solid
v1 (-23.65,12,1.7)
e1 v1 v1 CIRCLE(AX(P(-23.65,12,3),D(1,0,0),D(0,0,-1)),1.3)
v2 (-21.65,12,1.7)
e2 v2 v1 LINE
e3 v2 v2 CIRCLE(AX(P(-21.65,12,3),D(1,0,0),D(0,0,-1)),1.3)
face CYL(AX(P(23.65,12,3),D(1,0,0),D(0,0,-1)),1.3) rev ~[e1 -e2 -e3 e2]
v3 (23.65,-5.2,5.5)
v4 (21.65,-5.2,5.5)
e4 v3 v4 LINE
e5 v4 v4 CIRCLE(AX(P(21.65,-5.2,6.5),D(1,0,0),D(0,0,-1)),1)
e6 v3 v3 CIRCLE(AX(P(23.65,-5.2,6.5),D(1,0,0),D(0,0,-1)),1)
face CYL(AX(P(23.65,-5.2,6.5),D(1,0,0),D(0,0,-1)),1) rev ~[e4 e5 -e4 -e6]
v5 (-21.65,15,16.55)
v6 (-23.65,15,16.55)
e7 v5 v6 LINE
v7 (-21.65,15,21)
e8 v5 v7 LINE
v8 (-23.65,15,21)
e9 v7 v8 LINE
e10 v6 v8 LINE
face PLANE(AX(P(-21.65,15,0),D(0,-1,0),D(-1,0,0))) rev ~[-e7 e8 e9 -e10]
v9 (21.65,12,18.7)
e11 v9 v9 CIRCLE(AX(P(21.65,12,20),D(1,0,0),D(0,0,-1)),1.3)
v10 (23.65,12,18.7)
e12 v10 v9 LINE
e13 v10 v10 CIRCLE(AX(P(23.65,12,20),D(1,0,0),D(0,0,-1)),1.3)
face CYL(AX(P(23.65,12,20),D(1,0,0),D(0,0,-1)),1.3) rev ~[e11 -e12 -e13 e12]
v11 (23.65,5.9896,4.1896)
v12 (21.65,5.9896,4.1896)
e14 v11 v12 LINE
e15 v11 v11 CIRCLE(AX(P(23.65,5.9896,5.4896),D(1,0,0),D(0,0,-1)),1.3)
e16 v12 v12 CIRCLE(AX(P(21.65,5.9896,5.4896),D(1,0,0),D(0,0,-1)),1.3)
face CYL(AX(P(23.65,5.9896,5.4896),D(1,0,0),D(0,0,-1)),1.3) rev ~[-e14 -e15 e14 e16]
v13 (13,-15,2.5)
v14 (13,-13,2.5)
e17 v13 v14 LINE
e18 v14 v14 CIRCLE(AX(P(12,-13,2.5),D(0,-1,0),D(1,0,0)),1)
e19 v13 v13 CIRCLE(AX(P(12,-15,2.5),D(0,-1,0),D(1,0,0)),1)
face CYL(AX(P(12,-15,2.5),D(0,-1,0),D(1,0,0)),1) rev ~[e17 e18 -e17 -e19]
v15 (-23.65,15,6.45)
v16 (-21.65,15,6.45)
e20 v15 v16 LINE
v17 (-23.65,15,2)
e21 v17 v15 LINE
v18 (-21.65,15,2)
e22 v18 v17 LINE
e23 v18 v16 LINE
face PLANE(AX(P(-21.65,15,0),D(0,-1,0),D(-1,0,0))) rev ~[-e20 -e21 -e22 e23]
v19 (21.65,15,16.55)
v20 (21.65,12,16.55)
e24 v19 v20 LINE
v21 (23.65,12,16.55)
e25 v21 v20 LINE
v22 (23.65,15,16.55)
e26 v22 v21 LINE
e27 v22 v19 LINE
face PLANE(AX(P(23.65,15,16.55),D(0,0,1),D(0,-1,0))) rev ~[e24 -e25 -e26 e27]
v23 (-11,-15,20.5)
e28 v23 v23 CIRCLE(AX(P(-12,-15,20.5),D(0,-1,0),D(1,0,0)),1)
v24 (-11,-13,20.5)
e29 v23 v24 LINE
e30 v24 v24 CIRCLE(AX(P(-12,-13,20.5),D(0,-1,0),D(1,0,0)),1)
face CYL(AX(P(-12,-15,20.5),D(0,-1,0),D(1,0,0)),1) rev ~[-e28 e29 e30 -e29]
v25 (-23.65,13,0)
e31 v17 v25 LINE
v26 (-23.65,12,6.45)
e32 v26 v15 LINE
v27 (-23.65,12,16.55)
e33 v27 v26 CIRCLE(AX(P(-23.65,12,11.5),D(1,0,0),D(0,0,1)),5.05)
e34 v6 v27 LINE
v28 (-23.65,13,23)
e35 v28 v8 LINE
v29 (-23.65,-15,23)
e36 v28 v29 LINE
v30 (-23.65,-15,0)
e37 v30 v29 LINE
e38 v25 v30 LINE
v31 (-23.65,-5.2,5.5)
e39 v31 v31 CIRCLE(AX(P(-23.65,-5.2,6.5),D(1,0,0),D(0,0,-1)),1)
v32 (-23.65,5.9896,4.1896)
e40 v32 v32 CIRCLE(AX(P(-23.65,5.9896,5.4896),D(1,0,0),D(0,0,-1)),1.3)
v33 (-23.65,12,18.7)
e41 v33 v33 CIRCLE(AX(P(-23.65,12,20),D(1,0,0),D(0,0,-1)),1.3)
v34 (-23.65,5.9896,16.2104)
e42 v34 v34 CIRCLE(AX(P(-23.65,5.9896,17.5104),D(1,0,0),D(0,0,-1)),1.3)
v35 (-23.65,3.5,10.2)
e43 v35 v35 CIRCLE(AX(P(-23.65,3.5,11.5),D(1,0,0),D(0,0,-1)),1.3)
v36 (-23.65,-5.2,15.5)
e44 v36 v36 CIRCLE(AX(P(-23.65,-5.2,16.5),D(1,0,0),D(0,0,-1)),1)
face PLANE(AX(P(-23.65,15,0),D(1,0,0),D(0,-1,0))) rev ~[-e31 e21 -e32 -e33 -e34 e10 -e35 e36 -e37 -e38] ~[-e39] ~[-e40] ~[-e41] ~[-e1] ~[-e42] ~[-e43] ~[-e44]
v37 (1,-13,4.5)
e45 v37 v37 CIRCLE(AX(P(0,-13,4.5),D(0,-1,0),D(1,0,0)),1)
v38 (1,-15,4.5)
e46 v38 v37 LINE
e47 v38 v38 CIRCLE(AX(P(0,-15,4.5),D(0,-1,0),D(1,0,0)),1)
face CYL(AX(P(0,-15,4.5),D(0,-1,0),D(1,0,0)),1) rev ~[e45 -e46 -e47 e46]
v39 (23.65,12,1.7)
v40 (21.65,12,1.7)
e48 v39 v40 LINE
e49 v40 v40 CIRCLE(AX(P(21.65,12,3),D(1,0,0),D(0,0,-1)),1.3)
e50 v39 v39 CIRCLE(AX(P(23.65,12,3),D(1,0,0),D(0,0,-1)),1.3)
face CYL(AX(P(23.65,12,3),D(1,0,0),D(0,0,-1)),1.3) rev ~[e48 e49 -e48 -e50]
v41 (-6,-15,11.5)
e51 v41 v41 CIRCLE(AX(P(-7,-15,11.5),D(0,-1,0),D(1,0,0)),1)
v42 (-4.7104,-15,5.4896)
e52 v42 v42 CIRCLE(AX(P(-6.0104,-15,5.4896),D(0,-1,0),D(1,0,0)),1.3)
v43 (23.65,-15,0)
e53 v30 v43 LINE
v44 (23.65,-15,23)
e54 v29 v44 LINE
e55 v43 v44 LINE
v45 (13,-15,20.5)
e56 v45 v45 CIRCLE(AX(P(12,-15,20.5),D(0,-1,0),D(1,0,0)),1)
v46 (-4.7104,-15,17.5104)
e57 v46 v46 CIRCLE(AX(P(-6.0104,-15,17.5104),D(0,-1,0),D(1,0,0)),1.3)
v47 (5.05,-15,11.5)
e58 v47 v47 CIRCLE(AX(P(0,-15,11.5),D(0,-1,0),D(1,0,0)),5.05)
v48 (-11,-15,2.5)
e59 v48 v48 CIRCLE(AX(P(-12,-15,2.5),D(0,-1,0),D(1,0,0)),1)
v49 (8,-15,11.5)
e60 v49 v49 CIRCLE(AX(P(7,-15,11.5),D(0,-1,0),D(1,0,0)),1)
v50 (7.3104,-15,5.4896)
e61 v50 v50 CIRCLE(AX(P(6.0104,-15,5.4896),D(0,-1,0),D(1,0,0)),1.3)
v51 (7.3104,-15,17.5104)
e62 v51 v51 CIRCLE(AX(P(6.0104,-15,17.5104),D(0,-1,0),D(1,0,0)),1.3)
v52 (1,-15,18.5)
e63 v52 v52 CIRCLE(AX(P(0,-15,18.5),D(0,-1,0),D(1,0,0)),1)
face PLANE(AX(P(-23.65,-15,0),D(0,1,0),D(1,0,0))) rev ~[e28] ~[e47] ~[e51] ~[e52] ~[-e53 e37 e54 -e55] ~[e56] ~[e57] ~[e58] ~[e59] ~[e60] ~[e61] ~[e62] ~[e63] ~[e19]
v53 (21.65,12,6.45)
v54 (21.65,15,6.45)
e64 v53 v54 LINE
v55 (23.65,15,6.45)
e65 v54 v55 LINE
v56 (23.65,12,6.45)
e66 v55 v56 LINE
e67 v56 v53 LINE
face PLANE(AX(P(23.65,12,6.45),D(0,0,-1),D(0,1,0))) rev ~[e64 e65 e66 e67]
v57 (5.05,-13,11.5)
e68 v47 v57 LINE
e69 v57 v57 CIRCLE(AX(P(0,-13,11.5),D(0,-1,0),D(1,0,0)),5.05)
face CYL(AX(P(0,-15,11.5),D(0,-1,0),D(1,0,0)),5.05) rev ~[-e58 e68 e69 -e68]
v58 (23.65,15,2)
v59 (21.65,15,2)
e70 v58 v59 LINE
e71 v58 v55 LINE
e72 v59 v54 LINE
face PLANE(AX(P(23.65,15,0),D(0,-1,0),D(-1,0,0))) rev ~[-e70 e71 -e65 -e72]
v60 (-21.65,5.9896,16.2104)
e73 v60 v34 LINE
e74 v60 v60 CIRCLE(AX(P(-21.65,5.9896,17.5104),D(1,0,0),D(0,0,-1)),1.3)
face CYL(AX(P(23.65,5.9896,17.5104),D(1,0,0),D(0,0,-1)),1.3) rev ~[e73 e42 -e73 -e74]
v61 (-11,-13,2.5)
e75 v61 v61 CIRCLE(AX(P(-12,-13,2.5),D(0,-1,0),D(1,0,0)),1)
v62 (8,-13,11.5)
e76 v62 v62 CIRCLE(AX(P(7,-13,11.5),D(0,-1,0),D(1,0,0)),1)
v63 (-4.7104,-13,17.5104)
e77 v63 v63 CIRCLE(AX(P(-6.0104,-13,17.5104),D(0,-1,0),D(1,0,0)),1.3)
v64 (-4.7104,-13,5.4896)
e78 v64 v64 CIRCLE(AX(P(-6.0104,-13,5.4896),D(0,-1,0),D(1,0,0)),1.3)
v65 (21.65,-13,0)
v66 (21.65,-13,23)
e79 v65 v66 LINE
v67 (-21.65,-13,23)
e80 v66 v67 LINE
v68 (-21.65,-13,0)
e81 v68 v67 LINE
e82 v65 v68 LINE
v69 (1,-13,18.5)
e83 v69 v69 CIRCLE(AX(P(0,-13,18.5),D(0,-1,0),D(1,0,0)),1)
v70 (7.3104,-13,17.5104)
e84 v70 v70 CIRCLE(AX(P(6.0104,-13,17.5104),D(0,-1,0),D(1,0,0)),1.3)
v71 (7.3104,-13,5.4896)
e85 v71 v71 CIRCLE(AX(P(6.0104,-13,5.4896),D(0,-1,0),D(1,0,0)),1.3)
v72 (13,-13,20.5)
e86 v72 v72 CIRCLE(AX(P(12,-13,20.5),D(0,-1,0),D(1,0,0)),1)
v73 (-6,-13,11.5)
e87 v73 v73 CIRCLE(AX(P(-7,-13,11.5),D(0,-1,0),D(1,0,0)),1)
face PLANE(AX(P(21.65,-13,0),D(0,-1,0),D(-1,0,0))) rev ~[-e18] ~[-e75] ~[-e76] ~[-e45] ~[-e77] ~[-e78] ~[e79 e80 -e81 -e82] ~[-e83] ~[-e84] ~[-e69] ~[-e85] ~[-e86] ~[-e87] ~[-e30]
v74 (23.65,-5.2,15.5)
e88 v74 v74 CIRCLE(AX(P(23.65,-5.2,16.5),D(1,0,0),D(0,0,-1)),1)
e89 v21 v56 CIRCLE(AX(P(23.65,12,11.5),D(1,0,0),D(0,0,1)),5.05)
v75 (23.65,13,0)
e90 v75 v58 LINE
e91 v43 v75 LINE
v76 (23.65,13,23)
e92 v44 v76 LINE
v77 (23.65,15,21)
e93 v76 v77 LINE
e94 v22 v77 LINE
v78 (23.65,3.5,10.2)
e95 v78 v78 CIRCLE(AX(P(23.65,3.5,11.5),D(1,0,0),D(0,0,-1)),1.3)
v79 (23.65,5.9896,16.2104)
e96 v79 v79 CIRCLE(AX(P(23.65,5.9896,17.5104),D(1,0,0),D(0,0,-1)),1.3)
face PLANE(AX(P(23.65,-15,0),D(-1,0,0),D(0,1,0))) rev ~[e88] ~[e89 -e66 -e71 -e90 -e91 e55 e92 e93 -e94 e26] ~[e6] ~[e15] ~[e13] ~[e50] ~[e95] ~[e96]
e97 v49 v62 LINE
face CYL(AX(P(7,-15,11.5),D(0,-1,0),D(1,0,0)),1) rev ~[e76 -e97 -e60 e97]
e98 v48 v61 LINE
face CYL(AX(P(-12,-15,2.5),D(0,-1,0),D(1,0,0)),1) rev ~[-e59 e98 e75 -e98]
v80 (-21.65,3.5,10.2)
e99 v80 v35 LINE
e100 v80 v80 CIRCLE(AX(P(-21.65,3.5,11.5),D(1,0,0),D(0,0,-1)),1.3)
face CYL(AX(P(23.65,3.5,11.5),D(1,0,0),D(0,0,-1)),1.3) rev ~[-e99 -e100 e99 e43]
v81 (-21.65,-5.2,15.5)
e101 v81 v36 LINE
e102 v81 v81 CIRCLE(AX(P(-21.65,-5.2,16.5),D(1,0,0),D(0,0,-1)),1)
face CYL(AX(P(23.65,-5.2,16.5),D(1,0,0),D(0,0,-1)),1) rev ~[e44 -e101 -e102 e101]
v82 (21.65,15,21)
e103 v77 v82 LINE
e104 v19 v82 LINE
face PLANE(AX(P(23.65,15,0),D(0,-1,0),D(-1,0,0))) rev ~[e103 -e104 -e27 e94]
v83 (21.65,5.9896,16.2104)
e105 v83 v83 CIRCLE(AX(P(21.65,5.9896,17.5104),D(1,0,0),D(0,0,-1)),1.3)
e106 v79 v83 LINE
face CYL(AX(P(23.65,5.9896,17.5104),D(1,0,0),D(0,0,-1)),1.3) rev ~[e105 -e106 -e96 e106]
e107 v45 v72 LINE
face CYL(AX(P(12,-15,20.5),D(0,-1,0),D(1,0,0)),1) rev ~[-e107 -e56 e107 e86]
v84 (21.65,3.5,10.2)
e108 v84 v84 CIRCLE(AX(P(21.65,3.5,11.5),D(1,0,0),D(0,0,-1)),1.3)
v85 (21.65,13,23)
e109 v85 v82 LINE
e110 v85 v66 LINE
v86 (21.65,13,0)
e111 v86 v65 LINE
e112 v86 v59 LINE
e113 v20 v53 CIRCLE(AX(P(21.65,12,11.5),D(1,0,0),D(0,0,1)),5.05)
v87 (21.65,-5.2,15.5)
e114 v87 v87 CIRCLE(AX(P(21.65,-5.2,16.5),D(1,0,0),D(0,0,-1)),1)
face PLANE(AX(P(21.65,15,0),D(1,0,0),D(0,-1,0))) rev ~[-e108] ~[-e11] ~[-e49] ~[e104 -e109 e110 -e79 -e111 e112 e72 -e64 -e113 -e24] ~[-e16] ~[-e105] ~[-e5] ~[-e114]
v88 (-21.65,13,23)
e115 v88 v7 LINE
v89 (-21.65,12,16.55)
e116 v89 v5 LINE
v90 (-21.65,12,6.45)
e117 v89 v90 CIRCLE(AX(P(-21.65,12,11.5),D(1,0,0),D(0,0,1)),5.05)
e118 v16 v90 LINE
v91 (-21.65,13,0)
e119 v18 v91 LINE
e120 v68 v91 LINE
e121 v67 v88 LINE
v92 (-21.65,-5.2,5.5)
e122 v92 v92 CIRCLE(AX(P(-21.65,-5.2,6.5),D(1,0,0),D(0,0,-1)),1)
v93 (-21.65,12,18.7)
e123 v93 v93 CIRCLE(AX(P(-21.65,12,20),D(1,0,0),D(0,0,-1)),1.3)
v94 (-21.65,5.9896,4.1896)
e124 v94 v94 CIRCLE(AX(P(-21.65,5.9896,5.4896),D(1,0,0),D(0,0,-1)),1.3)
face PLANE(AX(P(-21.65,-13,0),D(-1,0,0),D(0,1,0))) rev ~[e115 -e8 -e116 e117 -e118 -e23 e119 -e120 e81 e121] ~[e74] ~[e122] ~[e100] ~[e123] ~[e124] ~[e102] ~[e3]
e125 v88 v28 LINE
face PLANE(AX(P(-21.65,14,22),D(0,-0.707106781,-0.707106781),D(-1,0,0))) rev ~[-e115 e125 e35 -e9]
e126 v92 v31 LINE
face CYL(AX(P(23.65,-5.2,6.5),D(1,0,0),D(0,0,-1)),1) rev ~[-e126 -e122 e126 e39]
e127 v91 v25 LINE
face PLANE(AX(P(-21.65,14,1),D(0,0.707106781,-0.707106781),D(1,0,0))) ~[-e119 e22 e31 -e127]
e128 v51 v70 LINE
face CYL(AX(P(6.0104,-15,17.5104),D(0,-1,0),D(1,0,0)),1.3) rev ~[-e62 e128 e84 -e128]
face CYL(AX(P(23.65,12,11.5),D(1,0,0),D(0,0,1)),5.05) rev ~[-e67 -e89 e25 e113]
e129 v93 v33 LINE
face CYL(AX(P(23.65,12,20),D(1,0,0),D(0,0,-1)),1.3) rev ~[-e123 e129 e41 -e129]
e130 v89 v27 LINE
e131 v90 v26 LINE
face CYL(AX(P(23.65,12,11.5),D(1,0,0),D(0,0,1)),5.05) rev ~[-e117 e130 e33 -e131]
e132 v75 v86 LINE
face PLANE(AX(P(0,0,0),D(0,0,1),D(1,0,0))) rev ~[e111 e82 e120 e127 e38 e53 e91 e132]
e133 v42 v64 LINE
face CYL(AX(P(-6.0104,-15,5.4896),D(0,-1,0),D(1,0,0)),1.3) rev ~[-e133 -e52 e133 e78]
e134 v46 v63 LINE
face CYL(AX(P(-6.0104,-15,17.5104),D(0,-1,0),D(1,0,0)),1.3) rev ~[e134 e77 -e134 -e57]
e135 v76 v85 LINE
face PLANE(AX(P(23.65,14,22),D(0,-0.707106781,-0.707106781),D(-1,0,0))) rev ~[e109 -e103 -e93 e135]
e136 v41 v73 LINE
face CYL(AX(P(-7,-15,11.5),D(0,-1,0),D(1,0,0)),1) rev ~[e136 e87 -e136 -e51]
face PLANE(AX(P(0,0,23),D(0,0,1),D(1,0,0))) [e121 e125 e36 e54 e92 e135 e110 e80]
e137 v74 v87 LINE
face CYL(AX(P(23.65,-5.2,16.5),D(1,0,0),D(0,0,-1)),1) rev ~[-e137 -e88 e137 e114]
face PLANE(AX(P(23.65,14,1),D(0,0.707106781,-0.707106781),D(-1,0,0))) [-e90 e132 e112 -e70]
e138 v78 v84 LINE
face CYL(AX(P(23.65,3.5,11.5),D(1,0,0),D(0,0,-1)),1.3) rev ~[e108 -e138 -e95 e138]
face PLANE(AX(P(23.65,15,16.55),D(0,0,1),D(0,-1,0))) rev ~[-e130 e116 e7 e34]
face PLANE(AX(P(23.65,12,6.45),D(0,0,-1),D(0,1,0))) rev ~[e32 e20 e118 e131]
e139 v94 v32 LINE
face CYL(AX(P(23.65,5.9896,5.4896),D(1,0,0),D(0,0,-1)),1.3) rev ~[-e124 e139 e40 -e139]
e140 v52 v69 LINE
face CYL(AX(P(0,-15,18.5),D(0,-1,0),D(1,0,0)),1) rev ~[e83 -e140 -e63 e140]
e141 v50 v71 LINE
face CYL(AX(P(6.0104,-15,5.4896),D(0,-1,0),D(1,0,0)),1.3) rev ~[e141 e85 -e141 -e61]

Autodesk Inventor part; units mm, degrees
ref_plane "YZ Plane" through (0, 0, 0) normal (1, 0, 0) x (0, 1, 0)
ref_plane "XZ Plane" through (0, 0, 0) normal (0, 1, 0) x (-1, 0, 0)
ref_plane "XY Plane" through (0, 0, 0) normal (0, 0, 1) x (1, 0, 0)
sketch "スケッチ1" plane through (0, 0, 0) normal (0, 0, 1) x (1, 0, 0)
  line L0 (-23.65, 15) -> (-23.65, -15)
  line L1 (-23.65, -15) -> (23.65, -15)
  line L2 (23.65, -15) -> (23.65, 15)
  line L3 (23.65, 15) -> (21.65, 15)
  line L4 (21.65, 15) -> (21.65, -13)
  line L5 (21.65, -13) -> (-21.65, -13)
  line L6 (-21.65, -13) -> (-21.65, 15)
  line L7 (-21.65, 15) -> (-23.65, 15)
  point P0 (0, 0)
  point P1 (0, -13)
  point P2 (23.65, 0)
  dimension "d0" = 2
  dimension "d1" = 2
  dimension "d2" = 43.3
  dimension "d3" = 30
extrude "押し出し1" add sketch "スケッチ1" along normal blind 23
sketch "スケッチ2" plane through (23.65, -15, 0) normal (1, 0, 0) x (0, 0, -1)
  line L0 (0, 30) -> (-23, 30) projected
  line L1 (0, 0) -> (-23, 0) projected
  line L2 (-16.55, 31.0334) -> (-16.55, 27)
  arc A0 (-16.55, 27) -> (-6.45, 27) centre (-11.5, 27) ccw
  line L3 (-6.45, 27) -> (-6.45, 31.0334)
  line L4 (-6.45, 31.0334) -> (-16.55, 31.0334)
  circle A1 centre (-20, 27) radius 1.3
  circle A2 centre (-17.5104, 20.9896) radius 1.3
  circle A3 centre (-11.5, 18.5) radius 1.3
  circle A4 centre (-5.4896, 20.9896) radius 1.3
  circle A5 centre (-3, 27) radius 1.3
  circle A6 centre (-5.4896, 33.0104) radius 1.3
  circle A7 centre (-11.5, 35.5) radius 1.3
  circle A8 centre (-17.5104, 33.0104) radius 1.3
  circle A9 centre (-16.5, 9.8) radius 1
  line L5 (-11.5, 27) -> (-11.5, 30) construction
  circle A10 centre (-6.5, 9.8) radius 1
  point P0 (0, 15)
  dimension "d6" = 27
  dimension "d7" = 8.5
  dimension "d8" = 2.6
  dimension "d9" = 5.05
  dimension "d12" = 360
  dimension "d14" = 2
  dimension "d15" = 5
  dimension "d16" = 9.8
extrude "押し出し2" cut sketch "スケッチ2" against normal blind 100 contours L3 A0 L2 L0 | L0 L2 L4 L3 | A1 | A2 | A3 | A4 | A5 | A9 | A10
chamfer "面取り1" distance 2 angle 45 4 edges at (22.65, 15, 0) (22.65, 15, 23) (-22.65, 15, 23) (-22.65, 15, 0)
sketch "スケッチ3" plane through (-23.65, -15, 0) normal (0, -1, 0) x (1, 0, 0)
  line L0 (0, 23) -> (47.3, 23) projected
  line L1 (0, 0) -> (0, 23) projected
  circle A0 centre (23.65, 11.5) radius 5.05
  circle A1 centre (23.65, 18.5) radius 1
  circle A2 centre (17.6396, 17.5104) radius 1.3
  circle A3 centre (23.65, 11.5) radius 8.5 construction
  line L2 (23.65, 11.5) -> (17.6396, 17.5104) construction
  line L3 (23.65, 11.5) -> (23.65, 18.5) construction
  circle A4 centre (16.65, 11.5) radius 1
  circle A5 centre (17.6396, 5.4896) radius 1.3
  circle A6 centre (23.65, 4.5) radius 1
  circle A7 centre (29.6604, 5.4896) radius 1.3
  circle A8 centre (30.65, 11.5) radius 1
  circle A9 centre (29.6604, 17.5104) radius 1.3
  circle A10 centre (11.65, 2.5) radius 1
  line L4 (23.65, 11.5) -> (16.65, 11.5) construction
  circle A11 centre (11.65, 20.5) radius 1
  circle A12 centre (35.65, 2.5) radius 1
  circle A13 centre (35.65, 20.5) radius 1
  point P0 (23.65, 0)
  point P1 (0, 11.5)
  point P2 (23.65, 23)
  dimension "d25" = 17
  dimension "d22" = 10.1
  dimension "d23" = 2
  dimension "d24" = 7
  dimension "d26" = 2.6
  dimension "d27" = 45
  dimension "d30" = 360
  dimension "d32" = 2
  dimension "d33" = 9
  dimension "d34" = 12
extrude "押し出し3" cut sketch "スケッチ3" against normal blind 10
equation "\"d1\" = d0"
properties part number "Servo_Arm" material "アルミニウム 5052"
